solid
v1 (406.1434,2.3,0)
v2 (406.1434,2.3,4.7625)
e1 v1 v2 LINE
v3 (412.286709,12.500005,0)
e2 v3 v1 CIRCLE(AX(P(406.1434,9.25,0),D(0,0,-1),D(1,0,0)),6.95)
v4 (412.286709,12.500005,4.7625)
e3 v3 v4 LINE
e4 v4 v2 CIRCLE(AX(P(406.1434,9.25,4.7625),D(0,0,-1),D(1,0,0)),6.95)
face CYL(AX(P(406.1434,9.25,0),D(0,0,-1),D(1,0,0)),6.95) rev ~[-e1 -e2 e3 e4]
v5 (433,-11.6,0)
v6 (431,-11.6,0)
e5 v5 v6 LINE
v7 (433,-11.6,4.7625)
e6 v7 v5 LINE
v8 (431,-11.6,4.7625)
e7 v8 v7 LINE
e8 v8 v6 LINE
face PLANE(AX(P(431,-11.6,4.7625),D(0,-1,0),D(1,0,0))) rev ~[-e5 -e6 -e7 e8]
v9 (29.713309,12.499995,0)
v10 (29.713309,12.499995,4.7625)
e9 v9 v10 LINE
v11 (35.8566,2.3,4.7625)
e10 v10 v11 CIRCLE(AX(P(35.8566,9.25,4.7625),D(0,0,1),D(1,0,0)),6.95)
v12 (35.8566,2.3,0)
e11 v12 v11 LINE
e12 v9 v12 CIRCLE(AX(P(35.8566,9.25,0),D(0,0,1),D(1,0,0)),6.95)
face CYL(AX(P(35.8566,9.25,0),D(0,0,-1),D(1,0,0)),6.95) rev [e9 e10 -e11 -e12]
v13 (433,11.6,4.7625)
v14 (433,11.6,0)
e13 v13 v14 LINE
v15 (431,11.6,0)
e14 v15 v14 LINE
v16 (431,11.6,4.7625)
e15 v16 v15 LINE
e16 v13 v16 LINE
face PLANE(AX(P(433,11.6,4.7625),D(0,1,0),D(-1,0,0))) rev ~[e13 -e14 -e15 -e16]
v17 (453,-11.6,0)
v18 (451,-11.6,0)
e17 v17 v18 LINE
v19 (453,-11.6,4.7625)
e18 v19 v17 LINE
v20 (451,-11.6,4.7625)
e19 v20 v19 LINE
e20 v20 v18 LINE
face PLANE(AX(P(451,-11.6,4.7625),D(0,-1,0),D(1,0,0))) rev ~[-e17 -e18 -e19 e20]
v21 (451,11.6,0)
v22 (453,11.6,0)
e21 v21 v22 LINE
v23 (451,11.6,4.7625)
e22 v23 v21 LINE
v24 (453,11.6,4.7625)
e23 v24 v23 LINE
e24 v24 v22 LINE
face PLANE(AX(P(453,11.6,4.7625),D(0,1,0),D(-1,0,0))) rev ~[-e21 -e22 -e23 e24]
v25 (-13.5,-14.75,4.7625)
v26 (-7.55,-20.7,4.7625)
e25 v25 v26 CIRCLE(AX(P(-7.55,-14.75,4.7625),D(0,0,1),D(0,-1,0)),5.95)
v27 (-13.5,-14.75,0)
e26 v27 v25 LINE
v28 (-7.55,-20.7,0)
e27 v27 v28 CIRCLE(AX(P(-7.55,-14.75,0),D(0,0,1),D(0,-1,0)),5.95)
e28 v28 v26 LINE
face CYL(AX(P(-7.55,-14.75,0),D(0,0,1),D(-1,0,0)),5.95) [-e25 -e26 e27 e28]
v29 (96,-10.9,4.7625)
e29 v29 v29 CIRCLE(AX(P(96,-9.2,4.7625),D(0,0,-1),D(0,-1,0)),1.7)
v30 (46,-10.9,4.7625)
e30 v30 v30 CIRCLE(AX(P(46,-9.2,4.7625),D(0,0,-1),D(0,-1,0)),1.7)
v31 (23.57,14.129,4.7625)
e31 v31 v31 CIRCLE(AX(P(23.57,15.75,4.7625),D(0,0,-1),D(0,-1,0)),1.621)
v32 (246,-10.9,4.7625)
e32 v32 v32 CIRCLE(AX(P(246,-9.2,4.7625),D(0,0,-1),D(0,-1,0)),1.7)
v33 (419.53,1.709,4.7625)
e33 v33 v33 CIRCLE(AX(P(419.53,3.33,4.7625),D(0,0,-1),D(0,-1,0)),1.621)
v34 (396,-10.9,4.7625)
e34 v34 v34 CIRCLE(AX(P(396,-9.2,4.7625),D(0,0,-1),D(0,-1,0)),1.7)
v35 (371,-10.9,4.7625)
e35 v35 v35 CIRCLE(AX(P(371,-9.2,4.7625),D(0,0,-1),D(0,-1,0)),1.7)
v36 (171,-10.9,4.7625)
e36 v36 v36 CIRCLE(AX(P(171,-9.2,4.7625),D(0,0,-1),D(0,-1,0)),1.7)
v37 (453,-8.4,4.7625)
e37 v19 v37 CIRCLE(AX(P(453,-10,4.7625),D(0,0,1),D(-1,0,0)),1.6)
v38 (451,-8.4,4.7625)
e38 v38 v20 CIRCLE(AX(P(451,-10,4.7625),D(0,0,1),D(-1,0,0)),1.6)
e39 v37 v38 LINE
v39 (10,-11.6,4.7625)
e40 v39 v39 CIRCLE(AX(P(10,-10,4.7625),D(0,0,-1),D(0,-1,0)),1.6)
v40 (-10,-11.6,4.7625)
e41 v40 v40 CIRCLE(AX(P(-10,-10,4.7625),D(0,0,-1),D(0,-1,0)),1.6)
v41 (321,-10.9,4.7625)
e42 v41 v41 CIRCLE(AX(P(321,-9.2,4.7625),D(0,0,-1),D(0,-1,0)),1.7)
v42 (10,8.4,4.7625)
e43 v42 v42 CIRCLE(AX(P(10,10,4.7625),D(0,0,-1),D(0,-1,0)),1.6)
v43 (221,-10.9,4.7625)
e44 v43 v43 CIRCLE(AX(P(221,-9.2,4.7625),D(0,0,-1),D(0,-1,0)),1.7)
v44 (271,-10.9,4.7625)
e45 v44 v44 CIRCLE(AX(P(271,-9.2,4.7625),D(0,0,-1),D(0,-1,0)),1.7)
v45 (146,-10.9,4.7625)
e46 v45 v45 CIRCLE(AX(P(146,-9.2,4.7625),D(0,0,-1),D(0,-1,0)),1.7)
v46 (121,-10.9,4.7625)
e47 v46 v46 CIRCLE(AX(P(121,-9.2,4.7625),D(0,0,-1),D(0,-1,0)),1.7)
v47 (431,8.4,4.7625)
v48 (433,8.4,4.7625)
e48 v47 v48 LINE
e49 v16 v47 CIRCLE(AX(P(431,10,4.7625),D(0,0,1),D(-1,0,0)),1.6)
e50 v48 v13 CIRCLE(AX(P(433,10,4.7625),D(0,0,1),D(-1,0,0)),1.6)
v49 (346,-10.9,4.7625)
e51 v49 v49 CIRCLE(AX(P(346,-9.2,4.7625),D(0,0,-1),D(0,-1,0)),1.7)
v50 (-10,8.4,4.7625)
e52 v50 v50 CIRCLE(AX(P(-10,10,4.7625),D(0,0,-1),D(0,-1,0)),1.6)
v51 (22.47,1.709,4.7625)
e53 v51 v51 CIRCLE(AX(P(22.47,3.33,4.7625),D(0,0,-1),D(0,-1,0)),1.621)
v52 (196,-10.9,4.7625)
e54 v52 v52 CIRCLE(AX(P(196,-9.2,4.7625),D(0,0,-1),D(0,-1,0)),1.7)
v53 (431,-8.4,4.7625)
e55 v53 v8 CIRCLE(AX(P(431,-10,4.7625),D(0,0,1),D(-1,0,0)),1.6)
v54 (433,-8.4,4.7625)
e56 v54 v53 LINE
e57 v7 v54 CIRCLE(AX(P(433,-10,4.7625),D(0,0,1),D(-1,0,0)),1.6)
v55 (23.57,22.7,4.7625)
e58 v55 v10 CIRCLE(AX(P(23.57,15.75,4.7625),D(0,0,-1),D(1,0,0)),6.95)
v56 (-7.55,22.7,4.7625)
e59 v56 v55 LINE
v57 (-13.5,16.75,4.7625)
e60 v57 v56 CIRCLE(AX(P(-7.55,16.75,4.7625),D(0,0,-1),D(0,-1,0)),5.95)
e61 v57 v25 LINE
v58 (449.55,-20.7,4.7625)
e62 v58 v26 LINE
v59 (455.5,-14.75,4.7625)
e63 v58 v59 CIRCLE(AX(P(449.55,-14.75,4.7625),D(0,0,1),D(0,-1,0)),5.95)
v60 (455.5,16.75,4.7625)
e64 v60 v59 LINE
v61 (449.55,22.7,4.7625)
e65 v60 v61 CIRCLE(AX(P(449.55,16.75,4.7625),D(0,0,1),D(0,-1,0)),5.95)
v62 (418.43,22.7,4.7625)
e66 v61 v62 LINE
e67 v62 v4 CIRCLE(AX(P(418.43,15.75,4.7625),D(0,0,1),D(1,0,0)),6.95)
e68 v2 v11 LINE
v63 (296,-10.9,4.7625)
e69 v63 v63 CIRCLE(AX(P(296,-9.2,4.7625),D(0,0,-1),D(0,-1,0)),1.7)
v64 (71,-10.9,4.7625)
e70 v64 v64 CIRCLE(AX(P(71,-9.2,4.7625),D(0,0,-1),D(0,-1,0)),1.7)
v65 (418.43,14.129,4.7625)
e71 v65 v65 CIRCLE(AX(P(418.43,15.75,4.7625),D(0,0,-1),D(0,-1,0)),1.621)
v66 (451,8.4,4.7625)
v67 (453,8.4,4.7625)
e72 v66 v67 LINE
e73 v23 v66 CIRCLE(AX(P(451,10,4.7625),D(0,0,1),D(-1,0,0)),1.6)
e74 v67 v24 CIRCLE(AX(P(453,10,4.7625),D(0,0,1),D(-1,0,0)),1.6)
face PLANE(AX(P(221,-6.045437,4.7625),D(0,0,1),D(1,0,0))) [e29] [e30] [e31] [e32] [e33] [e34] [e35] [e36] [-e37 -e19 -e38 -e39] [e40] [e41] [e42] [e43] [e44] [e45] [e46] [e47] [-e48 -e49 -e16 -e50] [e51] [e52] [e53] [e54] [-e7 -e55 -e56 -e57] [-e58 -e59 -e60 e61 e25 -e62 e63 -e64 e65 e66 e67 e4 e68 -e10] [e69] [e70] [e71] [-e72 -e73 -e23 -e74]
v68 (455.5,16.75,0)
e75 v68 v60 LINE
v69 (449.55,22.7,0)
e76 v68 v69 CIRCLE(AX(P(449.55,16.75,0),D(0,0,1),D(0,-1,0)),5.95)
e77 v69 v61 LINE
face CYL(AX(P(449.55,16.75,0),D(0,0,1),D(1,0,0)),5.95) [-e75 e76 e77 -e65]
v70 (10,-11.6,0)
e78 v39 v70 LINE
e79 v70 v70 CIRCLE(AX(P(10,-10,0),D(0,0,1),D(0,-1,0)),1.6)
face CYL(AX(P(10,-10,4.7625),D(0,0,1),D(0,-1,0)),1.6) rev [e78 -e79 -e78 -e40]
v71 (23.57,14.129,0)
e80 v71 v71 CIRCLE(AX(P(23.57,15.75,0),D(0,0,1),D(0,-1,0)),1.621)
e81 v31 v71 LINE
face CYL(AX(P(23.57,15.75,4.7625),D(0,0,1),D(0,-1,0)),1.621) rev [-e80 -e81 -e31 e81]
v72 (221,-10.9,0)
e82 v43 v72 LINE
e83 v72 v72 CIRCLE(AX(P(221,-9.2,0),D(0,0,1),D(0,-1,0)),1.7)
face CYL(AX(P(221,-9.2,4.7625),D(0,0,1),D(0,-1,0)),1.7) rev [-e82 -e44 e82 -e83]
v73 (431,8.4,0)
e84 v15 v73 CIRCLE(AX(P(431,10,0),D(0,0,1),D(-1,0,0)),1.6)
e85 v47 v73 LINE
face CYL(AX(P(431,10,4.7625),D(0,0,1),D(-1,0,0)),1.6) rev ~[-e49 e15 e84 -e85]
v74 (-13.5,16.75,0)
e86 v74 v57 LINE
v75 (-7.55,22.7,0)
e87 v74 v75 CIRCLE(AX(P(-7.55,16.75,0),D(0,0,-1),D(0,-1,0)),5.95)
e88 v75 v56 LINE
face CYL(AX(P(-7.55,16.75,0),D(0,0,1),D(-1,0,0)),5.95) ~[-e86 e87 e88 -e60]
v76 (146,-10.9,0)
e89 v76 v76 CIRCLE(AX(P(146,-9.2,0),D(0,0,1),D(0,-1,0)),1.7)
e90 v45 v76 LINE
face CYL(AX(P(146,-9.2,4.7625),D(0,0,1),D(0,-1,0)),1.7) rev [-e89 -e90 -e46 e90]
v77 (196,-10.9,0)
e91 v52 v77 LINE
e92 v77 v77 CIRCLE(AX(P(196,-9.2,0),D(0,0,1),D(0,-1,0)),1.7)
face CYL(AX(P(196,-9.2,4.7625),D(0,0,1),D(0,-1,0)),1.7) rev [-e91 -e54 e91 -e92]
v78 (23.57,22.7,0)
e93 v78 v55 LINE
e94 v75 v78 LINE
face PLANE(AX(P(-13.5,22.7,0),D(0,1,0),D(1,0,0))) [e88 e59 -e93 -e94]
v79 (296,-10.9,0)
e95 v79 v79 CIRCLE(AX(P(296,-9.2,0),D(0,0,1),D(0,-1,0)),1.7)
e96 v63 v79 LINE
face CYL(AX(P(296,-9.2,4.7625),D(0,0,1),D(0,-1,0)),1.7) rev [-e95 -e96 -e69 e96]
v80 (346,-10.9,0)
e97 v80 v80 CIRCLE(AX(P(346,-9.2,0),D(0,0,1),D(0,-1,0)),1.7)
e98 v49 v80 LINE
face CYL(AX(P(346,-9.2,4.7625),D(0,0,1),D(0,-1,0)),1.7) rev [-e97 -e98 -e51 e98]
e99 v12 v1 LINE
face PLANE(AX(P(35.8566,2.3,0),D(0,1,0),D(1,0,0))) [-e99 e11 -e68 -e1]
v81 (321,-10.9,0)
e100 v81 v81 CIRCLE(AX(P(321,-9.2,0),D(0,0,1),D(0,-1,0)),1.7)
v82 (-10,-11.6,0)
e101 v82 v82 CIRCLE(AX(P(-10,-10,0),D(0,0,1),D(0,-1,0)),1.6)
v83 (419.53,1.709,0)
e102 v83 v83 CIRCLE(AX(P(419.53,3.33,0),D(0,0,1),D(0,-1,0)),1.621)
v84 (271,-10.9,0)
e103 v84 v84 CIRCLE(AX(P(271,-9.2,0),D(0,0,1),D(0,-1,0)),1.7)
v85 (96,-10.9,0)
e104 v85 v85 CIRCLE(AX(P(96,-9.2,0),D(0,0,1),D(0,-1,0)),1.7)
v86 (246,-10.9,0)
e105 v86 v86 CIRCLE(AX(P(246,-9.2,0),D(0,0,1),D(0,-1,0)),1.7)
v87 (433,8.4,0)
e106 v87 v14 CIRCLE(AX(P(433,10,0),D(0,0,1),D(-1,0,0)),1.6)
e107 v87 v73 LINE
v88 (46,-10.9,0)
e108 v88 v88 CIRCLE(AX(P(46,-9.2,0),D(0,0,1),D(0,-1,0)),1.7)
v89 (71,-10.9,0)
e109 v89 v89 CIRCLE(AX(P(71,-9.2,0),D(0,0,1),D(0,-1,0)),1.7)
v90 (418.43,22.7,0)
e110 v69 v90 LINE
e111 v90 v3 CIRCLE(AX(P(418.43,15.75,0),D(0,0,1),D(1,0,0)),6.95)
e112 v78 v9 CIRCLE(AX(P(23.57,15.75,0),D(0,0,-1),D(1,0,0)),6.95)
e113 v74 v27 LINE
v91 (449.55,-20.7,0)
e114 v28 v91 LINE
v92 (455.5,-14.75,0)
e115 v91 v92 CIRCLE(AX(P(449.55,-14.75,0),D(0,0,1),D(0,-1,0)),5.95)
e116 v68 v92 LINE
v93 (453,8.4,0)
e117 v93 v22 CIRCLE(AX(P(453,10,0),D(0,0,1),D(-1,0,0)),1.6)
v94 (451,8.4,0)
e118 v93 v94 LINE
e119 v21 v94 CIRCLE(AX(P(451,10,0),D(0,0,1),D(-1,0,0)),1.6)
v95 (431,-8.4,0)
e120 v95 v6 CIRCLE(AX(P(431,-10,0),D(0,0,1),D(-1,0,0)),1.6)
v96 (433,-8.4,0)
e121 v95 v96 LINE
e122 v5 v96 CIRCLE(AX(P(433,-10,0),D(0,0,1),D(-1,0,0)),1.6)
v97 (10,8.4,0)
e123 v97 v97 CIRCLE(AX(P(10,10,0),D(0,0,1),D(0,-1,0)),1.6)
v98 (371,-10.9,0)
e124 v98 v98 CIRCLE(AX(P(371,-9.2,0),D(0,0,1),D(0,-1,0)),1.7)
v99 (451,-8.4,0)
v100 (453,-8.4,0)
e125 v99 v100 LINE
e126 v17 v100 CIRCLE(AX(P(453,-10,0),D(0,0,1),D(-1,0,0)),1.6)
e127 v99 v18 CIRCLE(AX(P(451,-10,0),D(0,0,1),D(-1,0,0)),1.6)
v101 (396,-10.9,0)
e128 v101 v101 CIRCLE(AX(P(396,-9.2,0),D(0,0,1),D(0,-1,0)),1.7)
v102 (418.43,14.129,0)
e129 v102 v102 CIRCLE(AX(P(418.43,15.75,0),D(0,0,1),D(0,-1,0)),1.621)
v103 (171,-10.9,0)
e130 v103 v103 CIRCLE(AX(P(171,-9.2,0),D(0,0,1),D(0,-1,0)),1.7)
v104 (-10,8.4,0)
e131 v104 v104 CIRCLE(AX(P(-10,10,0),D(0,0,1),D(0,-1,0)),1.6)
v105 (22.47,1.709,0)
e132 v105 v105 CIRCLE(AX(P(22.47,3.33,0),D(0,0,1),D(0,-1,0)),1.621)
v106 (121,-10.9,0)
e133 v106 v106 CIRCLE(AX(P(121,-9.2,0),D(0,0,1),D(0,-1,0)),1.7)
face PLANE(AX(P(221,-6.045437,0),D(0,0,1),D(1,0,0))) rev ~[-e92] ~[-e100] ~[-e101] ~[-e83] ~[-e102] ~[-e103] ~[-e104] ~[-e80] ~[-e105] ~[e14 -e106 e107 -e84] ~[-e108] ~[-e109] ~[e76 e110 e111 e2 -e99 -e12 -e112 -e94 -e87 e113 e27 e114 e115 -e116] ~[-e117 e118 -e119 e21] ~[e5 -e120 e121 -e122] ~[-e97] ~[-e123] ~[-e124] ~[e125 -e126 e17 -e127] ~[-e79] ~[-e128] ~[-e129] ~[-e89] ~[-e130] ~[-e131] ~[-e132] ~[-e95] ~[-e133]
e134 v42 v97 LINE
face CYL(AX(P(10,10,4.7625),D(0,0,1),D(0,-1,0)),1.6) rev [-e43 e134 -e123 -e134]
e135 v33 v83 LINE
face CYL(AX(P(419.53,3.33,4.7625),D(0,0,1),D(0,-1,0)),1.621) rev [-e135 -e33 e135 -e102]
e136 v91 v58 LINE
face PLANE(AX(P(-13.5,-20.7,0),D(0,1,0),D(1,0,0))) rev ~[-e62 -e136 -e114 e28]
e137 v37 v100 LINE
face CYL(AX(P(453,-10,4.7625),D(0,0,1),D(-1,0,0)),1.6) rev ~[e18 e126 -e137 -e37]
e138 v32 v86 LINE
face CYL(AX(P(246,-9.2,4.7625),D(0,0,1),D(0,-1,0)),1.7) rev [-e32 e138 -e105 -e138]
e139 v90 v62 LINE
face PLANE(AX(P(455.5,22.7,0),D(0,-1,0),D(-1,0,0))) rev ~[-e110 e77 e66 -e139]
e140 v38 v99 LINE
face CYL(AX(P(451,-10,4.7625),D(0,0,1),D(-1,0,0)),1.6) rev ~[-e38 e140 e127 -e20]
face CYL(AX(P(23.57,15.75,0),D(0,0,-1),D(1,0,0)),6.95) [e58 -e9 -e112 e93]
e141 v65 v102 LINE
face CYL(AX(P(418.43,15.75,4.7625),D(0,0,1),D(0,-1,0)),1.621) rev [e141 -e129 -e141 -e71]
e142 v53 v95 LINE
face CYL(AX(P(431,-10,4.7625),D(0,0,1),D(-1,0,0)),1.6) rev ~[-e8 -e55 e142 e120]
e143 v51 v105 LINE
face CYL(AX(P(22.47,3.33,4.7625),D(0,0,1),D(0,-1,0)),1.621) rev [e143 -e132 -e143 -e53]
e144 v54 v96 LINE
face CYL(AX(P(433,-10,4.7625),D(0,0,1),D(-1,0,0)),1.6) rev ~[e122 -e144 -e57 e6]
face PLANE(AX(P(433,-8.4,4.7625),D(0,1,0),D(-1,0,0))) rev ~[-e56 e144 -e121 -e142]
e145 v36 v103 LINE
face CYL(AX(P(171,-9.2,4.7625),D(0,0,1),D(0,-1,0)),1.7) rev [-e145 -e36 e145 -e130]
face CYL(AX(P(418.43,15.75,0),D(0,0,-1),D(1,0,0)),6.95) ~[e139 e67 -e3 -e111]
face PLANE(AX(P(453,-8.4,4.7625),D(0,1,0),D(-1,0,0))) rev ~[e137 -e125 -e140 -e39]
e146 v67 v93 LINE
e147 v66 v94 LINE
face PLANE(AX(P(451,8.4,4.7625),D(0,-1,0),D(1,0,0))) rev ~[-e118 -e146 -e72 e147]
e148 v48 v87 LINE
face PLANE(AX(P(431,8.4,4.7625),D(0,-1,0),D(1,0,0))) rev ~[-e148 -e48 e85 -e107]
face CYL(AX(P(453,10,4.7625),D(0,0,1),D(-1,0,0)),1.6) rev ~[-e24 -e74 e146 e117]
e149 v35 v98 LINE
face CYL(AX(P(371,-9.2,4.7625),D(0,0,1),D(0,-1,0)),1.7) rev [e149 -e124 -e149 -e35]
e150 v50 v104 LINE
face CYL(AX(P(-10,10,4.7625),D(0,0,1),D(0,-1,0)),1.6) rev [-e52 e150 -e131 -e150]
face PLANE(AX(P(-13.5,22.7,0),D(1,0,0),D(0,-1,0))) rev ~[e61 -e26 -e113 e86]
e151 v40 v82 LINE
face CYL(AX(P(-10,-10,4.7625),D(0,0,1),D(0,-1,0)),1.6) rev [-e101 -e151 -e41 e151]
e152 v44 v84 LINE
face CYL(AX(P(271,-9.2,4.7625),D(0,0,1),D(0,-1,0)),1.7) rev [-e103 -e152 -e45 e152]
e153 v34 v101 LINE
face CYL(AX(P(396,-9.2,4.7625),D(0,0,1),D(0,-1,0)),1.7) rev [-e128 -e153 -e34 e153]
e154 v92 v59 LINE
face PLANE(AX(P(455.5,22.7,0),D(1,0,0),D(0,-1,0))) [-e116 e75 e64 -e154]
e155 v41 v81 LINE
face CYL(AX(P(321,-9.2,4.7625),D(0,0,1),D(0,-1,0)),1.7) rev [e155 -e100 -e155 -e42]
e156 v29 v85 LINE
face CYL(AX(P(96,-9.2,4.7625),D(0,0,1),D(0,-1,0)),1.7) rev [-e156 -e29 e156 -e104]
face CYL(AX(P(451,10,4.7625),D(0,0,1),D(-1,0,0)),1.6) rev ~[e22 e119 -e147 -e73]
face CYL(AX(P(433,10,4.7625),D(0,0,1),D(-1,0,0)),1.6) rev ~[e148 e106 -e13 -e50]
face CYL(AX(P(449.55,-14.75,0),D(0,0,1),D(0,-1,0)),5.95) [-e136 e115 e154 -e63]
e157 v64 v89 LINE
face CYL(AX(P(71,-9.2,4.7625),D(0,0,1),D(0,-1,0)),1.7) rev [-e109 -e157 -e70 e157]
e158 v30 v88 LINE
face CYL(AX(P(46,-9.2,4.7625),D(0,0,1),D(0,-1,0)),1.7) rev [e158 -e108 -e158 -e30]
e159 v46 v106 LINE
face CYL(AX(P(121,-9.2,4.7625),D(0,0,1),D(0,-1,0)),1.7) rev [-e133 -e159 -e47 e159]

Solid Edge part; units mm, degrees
sketch "Sketch1" plane through (0, 0, 0) normal (0, 0, 1) x (1, 0, 0)
  line L0 (-13.5, 22.7) -> (-13.5, -20.7)
  line L1 (-13.5, -20.7) -> (221, -20.7)
  line L2 (455.5, -20.7) -> (221, -20.7)
  line L3 (455.5, 22.7) -> (455.5, -20.7)
  line L4 (455.5, 22.7) -> (418.43, 22.7)
  arc A0 (418.43, 22.7) -> (412.2867, 12.5) centre (418.43, 15.75) ccw
  arc A1 (412.2867, 12.5) -> (406.1434, 2.3) centre (406.1434, 9.25) cw
  line L5 (406.1434, 2.3) -> (221, 2.3)
  line L6 (35.8566, 2.3) -> (221, 2.3)
  arc A2 (29.7133, 12.5) -> (35.8566, 2.3) centre (35.8566, 9.25) ccw
  arc A3 (23.57, 22.7) -> (29.7133, 12.5) centre (23.57, 15.75) cw
  line L7 (-13.5, 22.7) -> (23.57, 22.7)
extrude "Protrusion1" add sketch "Sketch1" along normal blind 4.7625
hole "Hole_1" at (-10, 10, 4.7625) direction (0, 0, -1) diameter 3.2 end up to next
hole "Hole_5" at (46, -9.2, 4.7625) direction (0, 0, -1) diameter 3.4 end up to next
pattern_linear "Pattern2" count 15 spacing 25 along (1, 0, 0) of "Hole_5"
hole "Hole_6" at (23.57, 15.75, 4.7625) direction (0, 0, -1) diameter 3.242 end up to next
hole "Hole1" at (22.47, 3.33, 4.7625) direction (0, 0, -1) diameter 3.242 end up to next
hole "Hole2" at (418.43, 15.75, 4.7625) direction (0, 0, -1) diameter 3.242 end up to next
hole "Hole3" at (419.53, 3.33, 4.7625) direction (0, 0, -1) diameter 3.242 end up to next
pattern_linear "Pattern5" count 2 spacing 20 along (1, 0, 0) count 2 spacing 20 along (0, -1, 0) of "Hole_1"
sketch "Sketch2" plane through (221, 1, 4.7625) normal (0, 0, 1) x (-1, 0, 0)
  line L0 (-212, -10.6) -> (-210, -10.6)
  arc A0 (-210, -10.6) -> (-210, -7.4) centre (-210, -9) ccw
  line L1 (-210, -7.4) -> (-212, -7.4)
  arc A1 (-212, -7.4) -> (-212, -10.6) centre (-212, -9) ccw
  dimension "D1" = 2
extrude "Cutout1" cut sketch "Sketch2" against normal up to next
pattern_linear "Pattern7" count 2 spacing 20 along (1, 0, 0) count 2 spacing 20 along (0, -1, 0) of "Cutout1"
fillet "Round_2" radius 5.95 4 edges at (-13.5, -20.7, 2.3812) (-13.5, 22.7, 2.3812) (455.5, -20.7, 2.3812) (455.5, 22.7, 2.3812)
properties material "Aluminum, 6061-T6"
